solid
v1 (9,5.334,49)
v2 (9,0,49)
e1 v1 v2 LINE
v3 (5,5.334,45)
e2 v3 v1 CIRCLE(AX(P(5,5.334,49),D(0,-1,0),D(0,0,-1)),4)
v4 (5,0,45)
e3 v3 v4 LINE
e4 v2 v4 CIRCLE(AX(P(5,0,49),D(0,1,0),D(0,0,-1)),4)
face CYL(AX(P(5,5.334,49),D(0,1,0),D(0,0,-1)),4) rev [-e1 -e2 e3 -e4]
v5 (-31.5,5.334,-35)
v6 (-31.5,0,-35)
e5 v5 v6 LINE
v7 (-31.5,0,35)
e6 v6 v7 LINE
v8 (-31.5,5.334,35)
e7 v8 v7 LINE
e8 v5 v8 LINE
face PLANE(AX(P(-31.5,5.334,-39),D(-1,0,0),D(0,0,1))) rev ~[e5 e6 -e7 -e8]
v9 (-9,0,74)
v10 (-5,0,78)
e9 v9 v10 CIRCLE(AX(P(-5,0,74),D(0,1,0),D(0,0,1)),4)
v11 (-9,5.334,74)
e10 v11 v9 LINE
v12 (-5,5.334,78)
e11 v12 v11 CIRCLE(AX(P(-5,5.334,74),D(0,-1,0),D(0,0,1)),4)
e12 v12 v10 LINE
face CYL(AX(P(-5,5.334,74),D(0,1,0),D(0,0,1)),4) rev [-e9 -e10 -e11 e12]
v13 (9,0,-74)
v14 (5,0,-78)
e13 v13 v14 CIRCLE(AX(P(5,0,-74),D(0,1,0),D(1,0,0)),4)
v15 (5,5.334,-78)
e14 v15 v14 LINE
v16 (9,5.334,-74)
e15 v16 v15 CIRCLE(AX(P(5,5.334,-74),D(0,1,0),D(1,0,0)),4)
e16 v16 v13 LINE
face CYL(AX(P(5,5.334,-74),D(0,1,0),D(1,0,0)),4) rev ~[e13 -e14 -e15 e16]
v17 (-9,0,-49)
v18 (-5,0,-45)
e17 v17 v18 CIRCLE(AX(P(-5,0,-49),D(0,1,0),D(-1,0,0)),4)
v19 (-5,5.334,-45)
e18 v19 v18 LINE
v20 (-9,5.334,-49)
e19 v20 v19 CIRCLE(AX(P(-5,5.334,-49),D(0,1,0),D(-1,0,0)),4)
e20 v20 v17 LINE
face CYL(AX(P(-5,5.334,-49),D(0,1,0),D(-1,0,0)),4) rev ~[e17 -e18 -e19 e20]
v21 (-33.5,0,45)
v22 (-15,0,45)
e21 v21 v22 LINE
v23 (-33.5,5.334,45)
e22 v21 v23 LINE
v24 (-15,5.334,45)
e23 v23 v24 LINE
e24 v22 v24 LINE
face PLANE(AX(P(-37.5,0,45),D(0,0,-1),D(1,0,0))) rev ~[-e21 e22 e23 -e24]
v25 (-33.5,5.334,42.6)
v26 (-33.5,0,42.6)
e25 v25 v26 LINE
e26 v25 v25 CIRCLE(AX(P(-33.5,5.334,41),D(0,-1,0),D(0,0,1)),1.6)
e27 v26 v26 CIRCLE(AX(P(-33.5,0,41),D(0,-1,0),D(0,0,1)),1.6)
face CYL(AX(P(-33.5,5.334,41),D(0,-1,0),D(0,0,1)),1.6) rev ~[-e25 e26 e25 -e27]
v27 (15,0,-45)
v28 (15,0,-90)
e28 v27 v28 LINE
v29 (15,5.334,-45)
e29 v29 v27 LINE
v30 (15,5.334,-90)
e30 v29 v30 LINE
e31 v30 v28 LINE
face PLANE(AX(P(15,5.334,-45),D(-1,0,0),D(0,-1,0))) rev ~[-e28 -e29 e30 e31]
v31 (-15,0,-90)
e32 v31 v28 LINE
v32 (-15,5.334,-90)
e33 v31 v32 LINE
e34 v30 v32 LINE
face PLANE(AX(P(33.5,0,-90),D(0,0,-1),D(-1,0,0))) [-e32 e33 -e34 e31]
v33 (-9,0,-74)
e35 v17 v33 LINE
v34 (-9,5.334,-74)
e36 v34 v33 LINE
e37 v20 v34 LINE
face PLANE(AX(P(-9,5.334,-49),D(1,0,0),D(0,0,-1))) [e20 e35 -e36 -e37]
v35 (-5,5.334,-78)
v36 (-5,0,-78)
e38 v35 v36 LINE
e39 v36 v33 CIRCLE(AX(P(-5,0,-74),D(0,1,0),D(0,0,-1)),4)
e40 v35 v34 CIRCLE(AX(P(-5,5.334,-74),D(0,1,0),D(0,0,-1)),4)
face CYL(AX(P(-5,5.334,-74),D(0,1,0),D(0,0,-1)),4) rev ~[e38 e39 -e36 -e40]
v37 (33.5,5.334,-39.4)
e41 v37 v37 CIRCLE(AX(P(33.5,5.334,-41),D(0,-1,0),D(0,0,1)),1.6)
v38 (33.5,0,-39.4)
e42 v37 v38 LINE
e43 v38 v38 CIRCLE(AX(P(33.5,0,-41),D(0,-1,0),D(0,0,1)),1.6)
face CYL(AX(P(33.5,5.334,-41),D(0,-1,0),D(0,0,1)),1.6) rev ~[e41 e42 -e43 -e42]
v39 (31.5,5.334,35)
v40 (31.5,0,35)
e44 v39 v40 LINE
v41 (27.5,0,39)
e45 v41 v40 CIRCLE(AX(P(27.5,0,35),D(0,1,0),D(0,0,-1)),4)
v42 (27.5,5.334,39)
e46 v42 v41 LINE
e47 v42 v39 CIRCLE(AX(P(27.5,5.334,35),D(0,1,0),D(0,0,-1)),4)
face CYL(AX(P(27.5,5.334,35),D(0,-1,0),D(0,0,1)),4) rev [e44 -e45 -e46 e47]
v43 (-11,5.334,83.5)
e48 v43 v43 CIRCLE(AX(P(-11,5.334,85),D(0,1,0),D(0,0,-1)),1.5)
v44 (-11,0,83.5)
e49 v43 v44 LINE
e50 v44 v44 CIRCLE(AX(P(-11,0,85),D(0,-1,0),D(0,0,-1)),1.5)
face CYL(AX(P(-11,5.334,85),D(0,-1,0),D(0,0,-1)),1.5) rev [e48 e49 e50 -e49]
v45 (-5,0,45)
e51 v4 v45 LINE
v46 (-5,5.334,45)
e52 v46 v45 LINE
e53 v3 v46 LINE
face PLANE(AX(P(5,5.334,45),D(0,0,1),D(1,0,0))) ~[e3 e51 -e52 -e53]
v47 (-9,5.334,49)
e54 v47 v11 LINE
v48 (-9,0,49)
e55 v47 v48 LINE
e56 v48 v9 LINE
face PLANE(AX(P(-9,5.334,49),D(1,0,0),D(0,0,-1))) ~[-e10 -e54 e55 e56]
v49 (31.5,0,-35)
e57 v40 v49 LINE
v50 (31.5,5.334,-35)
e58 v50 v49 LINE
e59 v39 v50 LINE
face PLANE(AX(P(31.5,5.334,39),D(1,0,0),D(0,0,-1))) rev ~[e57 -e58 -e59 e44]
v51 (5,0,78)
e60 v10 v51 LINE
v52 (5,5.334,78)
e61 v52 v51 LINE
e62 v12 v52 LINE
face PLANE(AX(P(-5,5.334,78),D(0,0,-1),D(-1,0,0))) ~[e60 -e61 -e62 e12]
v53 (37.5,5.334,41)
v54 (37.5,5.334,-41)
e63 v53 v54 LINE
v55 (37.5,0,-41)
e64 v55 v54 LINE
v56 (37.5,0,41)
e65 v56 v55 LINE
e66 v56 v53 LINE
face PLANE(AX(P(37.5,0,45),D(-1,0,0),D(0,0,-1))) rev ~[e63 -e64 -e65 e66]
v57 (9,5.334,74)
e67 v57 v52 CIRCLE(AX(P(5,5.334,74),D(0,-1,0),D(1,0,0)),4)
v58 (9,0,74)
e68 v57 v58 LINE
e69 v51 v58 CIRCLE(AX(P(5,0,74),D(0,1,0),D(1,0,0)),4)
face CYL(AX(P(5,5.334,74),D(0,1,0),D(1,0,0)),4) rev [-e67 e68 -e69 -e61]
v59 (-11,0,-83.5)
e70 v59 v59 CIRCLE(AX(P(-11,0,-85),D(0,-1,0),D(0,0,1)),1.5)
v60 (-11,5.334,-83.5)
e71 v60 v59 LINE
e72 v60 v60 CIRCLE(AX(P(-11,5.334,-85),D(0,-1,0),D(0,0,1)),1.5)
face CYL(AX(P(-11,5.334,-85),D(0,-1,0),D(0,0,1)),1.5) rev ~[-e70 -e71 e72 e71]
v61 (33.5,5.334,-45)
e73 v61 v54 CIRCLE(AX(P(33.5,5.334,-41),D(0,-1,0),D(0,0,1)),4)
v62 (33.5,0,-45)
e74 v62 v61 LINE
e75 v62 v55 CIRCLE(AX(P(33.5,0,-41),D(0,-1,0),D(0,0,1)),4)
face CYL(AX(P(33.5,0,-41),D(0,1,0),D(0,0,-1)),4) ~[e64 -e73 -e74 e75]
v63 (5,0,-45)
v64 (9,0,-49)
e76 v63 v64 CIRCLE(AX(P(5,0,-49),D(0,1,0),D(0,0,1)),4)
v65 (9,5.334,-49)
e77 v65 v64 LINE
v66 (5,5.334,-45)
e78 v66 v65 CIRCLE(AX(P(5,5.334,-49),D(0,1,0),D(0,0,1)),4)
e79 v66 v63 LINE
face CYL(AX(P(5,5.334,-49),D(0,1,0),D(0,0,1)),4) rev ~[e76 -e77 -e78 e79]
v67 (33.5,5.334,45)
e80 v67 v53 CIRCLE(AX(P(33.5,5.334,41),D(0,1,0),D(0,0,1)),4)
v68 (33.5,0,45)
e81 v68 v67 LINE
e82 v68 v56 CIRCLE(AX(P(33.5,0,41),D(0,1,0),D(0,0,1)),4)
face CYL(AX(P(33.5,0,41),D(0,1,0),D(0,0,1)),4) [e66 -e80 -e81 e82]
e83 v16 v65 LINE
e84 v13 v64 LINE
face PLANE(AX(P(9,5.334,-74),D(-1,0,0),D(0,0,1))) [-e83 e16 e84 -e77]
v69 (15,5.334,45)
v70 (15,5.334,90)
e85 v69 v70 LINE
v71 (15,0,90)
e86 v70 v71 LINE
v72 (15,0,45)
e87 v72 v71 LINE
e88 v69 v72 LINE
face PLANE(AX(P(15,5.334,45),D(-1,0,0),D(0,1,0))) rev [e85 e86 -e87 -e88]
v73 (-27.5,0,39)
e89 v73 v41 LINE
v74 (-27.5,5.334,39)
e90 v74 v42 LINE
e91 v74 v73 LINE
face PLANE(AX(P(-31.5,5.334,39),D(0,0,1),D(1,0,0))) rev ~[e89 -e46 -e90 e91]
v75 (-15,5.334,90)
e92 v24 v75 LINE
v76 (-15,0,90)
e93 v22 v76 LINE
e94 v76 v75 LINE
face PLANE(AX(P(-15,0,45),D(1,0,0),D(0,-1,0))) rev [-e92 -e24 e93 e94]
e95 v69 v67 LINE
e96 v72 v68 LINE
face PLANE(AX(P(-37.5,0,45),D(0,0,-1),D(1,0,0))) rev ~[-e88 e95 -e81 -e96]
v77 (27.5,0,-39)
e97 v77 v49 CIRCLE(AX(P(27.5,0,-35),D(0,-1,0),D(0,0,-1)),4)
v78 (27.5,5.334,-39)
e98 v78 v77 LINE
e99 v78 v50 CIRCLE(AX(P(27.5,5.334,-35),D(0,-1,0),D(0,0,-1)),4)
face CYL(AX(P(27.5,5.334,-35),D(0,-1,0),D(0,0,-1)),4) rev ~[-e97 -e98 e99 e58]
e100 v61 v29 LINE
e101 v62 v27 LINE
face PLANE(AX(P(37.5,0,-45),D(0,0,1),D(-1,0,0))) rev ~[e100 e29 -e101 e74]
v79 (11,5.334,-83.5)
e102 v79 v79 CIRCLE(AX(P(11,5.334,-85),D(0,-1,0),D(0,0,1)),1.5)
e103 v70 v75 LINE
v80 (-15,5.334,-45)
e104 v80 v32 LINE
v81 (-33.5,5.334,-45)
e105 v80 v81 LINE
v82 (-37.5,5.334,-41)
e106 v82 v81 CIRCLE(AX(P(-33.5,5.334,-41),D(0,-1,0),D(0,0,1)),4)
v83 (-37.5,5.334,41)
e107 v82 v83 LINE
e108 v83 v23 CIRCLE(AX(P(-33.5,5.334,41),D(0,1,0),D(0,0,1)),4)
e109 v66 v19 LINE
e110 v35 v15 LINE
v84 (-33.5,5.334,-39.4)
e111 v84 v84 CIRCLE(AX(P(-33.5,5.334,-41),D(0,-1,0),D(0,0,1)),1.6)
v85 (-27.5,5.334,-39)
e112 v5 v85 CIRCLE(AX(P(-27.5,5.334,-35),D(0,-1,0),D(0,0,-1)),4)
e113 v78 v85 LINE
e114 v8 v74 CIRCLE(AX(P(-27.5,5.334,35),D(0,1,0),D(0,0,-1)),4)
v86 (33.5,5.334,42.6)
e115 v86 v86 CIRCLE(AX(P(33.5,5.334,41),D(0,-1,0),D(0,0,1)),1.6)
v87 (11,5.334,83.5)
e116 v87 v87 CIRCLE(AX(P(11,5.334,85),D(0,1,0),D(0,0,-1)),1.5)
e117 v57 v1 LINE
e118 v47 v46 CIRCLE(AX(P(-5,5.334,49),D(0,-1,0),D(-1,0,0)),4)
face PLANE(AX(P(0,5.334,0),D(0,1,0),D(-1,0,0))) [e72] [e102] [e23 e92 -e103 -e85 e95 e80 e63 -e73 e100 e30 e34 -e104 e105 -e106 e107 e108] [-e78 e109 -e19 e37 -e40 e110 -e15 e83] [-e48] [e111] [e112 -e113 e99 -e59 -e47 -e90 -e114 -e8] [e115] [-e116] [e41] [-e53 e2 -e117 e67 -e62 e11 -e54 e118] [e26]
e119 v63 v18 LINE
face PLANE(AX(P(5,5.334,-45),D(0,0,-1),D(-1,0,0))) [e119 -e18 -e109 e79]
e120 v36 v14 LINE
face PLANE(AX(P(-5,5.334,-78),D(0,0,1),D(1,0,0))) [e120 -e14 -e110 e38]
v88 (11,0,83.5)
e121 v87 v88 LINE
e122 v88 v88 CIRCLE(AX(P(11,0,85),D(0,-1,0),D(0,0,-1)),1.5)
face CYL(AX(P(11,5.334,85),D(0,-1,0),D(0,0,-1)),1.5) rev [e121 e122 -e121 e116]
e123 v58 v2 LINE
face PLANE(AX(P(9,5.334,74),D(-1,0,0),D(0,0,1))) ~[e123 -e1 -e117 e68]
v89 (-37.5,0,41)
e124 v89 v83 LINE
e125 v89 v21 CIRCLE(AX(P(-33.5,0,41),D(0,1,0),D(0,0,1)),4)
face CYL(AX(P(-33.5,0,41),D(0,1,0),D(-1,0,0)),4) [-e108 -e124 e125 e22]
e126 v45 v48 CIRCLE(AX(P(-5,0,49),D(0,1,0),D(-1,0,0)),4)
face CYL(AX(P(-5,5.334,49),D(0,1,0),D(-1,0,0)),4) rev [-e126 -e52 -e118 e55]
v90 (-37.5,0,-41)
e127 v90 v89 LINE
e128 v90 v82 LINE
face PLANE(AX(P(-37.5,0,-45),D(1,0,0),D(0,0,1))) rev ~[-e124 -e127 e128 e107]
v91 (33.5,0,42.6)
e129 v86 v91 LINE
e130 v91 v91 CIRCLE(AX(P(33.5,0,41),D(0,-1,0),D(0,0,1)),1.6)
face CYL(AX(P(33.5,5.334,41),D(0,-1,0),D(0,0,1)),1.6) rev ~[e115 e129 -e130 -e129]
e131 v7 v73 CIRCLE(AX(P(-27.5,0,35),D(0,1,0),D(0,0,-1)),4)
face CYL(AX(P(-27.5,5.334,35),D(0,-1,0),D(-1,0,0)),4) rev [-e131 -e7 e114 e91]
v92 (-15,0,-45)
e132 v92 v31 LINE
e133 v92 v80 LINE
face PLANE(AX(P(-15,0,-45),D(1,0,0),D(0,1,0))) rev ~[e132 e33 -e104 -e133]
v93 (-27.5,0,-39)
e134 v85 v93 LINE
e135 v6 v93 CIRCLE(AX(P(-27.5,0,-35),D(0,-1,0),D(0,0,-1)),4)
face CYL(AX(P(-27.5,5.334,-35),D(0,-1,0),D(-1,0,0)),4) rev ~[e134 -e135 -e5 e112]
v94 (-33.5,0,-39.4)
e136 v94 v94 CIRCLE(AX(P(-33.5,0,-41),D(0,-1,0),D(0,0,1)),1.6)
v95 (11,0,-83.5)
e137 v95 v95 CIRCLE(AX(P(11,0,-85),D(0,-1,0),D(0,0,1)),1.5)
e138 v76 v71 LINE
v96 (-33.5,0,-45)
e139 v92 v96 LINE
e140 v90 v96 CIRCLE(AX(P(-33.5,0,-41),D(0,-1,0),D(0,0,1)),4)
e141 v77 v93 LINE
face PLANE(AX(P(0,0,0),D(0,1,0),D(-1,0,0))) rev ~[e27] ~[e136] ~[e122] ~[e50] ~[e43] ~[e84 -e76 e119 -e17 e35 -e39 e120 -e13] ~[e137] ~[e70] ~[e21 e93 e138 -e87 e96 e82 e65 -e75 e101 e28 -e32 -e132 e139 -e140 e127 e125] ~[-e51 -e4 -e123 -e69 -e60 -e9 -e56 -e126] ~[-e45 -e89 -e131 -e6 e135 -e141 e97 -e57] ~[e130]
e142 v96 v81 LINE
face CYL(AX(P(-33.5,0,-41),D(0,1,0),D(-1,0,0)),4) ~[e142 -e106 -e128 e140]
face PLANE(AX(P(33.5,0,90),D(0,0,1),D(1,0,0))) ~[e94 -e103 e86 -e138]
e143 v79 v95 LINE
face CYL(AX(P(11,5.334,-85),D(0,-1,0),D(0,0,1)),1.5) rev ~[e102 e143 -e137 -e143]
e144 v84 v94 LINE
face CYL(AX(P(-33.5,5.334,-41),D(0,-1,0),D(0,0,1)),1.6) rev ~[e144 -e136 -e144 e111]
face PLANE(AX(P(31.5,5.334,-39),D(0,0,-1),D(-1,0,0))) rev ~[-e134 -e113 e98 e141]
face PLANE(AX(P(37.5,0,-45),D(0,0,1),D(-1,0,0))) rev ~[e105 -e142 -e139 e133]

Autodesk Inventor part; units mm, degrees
ref_plane "YZ Plane" through (0, 0, 0) normal (1, 0, 0) x (0, 1, 0)
ref_plane "XZ Plane" through (0, 0, 0) normal (0, 1, 0) x (-1, 0, 0)
ref_plane "XY Plane" through (0, 0, 0) normal (0, 0, 1) x (1, 0, 0)
sketch "Sketch1" plane through (0, 0, 0) normal (0, 1, 0) x (-1, 0, 0)
  line L0 (37.5, 45) -> (-37.5, 45)
  line L1 (-37.5, 45) -> (-37.5, -45)
  line L2 (-37.5, -45) -> (37.5, -45)
  line L3 (37.5, -45) -> (37.5, 45)
  point P0 (0, 0)
  point P1 (37.5, 0)
  point P2 (0, 45)
  dimension "d0" = 90
  dimension "d1" = 75
extrude "Extrusion1" add sketch "Sketch1" along normal blind 5.334
sketch "Sketch2" plane through (0, 5.334, 0) normal (0, 1, 0) x (1, 0, 0)
  line L0 (-31.5, -39) -> (31.5, -39)
  line L1 (31.5, -39) -> (31.5, 39)
  line L2 (31.5, 39) -> (-31.5, 39)
  line L3 (-31.5, 39) -> (-31.5, -39)
  line L4 (-37.5, -45) -> (37.5, -45) projected
  line L5 (37.5, 45) -> (-37.5, 45) projected
  line L6 (-37.5, 45) -> (-37.5, -45) projected
  line L7 (37.5, -45) -> (37.5, 45) projected
  point P0 (0, 0)
  dimension "d4" = 6
  dimension "d5" = 6
  dimension "d6" = 6
  dimension "d7" = 6
extrude "Extrusion2" cut sketch "Sketch2" against normal through all contours L3 L2 L1 L0
sketch "Sketch3" plane through (0, 5.334, 0) normal (0, 1, 0) x (1, 0, 0)
  line L0 (-37.5, -45) -> (37.5, -45) projected
  line L1 (-37.5, 45) -> (-37.5, -45) projected
  line L2 (37.5, -45) -> (37.5, 45) projected
  line L3 (37.5, 45) -> (-37.5, 45) projected
  point P0 (0, 0)
  point P1 (-33.5, -41)
  point P2 (-33.5, 41)
  point P3 (33.5, 41)
  point P4 (33.5, -41)
  dimension "d10" = 4
  dimension "d11" = 4
  dimension "d12" = 4
  dimension "d13" = 4
hole "Hole1" at (-33.5, 5.334, 41) at (-33.5, 5.334, -41) at (33.5, 5.334, -41) at (33.5, 5.334, 41) direction (0, -1, 0) diameter 3.2 end through all
fillet "Fillet1" radius 4 8 edges at (-37.5, 2.667, 45) (-31.5, 2.667, 39) (37.5, 2.667, 45) (37.5, 2.667, -45) (31.5, 2.667, -39) (31.5, 2.667, 39) (-31.5, 2.667, -39) (-37.5, 2.667, -45)
sketch "Sketch4" plane through (33.5, 0, -45) normal (0, 0, -1) x (-1, 0, 0)
  line L0 (6, 5.334) -> (61, 5.334) projected
  line L1 (61, 0) -> (6, 0) projected
  line L2 (48.5, 5.334) -> (18.5, 5.334)
  line L3 (18.5, 5.334) -> (18.5, 0)
  line L4 (18.5, 0) -> (48.5, 0)
  line L5 (48.5, 0) -> (48.5, 5.334)
  point P0 (33.5, 0)
  dimension "d22" = 30
  dimension "d23" = 15
extrude "Extrusion3" add sketch "Sketch4" along normal blind 45
sketch "Sketch5" plane through (0, 5.334, 0) normal (0, 1, 0) x (1, 0, 0)
  line L0 (-15, 90) -> (15, 90) projected
  point P0 (0, 0)
  point P1 (-11, 85)
  point P2 (11, 85)
  dimension "d27" = 22
  dimension "d28" = 11
  dimension "d29" = 5
hole "Hole2" at (-11, 5.334, -85) at (11, 5.334, -85) direction (0, -1, 0) diameter 3 end through all
sketch "Sketch7" plane through (0, 5.334, 0) normal (0, 1, 0) x (1, 0, 0)
  line L0 (-5, 78) -> (5, 78)
  line L1 (9, 74) -> (9, 49)
  line L2 (5, 45) -> (-5, 45)
  line L3 (-9, 49) -> (-9, 74)
  arc A0 (-5, 78) -> (-9, 74) centre (-5, 74) ccw
  arc A1 (9, 74) -> (5, 78) centre (5, 74) ccw
  arc A2 (5, 45) -> (9, 49) centre (5, 49) ccw
  arc A3 (-9, 49) -> (-5, 45) centre (-5, 49) ccw
  line L4 (-15, 45) -> (-15, 90) projected
  line L5 (15, 45) -> (15, 90) projected
  line L6 (-15, 90) -> (15, 90) projected
  line L7 (33.5, 45) -> (15, 45) projected
  point P0 (0, 0)
  dimension "d43" = 4
  dimension "d44" = 6
  dimension "d45" = 6
  dimension "d46" = 12
extrude "Extrusion5" cut sketch "Sketch7" against normal through all
mirror "Mirror2" about plane through (0, 0, 0) normal (0, 0, 1) of "Extrusion3", "Extrusion5", "Hole2"
equation "\"d5\" = d4"
equation "\"d6\" = d4"
equation "\"d7\" = d4"
equation "\"d11\" = d10"
equation "\"d12\" = d10"
equation "\"d13\" = d10"
equation "\"d23\" = 0.5 * d22"
equation "\"d28\" = 0.5 * d27"
equation "\"d45\" = d44"
properties part number "phone_plate" material "Polycarbonate, Clear"
